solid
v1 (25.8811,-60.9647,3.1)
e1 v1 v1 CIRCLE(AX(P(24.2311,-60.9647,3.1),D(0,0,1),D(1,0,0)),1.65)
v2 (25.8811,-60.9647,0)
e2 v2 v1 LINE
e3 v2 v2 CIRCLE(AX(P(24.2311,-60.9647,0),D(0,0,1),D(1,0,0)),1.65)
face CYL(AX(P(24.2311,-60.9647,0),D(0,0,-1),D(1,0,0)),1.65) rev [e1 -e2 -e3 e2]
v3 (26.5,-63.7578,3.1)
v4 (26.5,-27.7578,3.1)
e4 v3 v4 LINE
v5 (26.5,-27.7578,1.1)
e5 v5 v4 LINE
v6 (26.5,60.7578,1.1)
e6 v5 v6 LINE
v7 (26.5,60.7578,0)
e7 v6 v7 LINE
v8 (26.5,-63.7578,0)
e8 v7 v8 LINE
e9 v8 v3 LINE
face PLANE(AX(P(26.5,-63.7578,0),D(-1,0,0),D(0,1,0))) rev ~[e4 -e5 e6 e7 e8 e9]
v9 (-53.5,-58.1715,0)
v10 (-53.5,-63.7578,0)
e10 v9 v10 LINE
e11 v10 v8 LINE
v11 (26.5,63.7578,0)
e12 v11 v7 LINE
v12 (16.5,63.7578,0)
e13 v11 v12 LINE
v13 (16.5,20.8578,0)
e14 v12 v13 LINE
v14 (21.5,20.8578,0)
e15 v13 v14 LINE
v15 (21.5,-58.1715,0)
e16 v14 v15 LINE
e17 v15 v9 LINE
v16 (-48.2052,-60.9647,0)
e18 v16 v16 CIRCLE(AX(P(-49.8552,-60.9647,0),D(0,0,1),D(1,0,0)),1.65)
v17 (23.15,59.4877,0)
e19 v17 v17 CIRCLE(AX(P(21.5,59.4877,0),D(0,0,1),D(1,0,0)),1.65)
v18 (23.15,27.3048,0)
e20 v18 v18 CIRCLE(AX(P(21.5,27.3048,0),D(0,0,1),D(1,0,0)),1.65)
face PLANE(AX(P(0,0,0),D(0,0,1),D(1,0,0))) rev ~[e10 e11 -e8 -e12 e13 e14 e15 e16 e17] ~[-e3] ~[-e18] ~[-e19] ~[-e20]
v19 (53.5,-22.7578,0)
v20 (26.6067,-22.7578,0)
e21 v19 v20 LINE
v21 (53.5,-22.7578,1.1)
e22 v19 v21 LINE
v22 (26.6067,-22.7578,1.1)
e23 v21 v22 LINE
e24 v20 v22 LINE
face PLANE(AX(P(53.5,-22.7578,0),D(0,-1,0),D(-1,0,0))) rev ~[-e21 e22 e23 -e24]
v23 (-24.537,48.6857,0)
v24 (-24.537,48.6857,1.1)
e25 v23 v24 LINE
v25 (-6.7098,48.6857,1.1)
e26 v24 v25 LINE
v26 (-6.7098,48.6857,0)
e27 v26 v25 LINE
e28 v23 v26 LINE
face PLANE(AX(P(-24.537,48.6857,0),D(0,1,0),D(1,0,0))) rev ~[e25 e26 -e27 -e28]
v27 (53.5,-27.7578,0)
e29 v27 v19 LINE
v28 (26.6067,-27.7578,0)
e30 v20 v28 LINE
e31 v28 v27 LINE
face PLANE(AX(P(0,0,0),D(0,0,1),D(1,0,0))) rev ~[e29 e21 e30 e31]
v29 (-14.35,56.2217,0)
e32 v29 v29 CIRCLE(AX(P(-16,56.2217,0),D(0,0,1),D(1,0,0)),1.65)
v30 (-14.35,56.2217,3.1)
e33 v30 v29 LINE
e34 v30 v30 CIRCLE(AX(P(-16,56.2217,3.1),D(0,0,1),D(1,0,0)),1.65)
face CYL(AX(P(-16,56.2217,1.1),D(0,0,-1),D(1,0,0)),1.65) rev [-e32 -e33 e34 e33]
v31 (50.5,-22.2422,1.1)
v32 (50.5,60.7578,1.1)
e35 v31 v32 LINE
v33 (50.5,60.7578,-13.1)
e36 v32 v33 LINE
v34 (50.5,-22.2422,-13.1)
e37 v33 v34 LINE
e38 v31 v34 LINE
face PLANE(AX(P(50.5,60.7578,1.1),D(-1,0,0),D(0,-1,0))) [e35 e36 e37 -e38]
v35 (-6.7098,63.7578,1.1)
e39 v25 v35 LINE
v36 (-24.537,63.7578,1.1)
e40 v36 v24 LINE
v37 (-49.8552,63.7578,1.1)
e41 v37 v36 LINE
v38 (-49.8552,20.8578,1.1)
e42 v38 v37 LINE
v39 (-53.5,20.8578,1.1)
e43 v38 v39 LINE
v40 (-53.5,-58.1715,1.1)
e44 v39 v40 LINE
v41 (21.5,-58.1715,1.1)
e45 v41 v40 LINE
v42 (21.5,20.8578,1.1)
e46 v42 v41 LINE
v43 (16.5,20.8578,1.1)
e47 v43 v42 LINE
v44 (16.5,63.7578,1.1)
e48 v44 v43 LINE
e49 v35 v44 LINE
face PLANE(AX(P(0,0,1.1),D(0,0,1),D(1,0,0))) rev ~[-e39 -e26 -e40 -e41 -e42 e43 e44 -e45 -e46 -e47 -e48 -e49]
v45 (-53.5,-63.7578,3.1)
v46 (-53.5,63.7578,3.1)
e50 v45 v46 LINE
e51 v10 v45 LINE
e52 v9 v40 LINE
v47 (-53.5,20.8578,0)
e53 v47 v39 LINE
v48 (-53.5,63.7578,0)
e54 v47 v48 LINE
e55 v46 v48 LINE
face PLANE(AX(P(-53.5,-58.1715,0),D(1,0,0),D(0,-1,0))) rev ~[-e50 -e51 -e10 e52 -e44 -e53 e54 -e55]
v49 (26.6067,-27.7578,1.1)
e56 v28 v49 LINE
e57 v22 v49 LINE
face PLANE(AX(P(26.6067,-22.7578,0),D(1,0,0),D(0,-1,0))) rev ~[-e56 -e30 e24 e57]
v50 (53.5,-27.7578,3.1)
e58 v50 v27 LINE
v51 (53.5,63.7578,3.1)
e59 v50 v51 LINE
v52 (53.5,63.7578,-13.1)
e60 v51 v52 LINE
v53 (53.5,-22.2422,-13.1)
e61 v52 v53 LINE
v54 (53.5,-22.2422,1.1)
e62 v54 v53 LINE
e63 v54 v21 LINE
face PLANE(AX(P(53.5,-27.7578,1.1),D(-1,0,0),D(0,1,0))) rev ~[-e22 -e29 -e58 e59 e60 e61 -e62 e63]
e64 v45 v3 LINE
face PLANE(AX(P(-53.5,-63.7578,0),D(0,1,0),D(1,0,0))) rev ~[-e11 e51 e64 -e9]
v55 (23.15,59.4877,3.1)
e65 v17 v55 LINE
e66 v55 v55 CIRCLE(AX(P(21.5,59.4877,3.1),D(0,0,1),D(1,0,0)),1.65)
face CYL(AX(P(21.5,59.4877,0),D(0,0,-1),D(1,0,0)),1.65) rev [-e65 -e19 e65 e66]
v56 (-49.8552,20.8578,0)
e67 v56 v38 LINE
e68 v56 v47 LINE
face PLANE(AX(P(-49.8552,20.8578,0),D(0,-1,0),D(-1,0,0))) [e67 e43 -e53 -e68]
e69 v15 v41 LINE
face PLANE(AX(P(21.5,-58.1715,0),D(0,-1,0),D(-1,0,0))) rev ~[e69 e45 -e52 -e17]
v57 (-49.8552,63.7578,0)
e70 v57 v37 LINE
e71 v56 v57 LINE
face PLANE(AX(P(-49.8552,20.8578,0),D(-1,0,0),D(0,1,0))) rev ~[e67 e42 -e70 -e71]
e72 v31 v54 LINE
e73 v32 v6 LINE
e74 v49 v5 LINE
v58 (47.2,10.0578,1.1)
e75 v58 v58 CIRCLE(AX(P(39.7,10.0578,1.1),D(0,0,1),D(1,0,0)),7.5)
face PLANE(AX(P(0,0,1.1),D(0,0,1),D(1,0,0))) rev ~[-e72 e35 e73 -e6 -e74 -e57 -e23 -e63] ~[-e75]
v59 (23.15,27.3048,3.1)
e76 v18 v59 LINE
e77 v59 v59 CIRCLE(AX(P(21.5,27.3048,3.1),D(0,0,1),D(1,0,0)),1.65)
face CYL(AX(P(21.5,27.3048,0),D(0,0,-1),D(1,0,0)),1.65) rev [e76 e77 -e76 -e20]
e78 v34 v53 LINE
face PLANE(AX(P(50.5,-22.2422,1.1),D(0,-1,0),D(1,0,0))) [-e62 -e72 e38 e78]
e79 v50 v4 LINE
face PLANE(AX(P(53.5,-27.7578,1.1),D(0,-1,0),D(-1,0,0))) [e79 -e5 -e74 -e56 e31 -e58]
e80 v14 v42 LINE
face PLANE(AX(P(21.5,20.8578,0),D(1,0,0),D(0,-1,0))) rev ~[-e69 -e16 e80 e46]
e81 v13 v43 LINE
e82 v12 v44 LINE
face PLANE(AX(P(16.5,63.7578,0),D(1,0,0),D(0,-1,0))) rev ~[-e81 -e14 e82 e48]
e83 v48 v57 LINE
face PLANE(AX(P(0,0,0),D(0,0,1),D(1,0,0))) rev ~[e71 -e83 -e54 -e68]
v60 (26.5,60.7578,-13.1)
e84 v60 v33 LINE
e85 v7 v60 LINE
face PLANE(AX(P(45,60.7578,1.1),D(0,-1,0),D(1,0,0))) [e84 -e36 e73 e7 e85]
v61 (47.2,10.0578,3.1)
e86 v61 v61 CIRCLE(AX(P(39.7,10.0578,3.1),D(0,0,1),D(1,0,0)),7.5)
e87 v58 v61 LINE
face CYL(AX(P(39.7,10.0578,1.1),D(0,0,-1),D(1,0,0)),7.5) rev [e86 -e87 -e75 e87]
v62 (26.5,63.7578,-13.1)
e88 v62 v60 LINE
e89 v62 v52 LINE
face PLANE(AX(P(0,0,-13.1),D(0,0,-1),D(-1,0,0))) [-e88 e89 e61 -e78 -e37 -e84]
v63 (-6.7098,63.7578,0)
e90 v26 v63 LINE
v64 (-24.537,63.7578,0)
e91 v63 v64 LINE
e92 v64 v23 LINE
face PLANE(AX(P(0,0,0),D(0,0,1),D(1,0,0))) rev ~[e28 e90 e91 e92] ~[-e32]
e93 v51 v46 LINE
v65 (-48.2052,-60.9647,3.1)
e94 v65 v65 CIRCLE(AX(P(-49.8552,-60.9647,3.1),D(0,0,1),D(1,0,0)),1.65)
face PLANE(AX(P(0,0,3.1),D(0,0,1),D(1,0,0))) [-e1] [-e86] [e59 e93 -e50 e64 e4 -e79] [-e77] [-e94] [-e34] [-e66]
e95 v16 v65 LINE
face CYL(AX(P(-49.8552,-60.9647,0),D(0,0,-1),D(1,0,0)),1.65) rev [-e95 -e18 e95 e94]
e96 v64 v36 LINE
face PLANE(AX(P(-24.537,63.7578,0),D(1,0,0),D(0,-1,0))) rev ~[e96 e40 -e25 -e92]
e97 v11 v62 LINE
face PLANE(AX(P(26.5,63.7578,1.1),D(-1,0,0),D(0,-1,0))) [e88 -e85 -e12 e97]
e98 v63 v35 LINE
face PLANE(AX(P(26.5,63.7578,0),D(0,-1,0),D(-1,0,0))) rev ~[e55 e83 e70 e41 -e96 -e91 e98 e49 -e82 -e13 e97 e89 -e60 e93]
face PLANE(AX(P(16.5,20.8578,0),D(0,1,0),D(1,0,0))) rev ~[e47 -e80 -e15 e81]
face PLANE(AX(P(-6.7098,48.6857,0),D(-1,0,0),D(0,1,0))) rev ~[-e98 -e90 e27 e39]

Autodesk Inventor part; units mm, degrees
ref_plane "YZ Plane" through (0, 0, 0) normal (1, 0, 0) x (0, 1, 0)
ref_plane "XZ Plane" through (0, 0, 0) normal (0, 1, 0) x (-1, 0, 0)
ref_plane "Work Plane1" through (0, 0, 0) normal (0, 0, 1) x (1, 0, 0)
sketch "Sketch1" plane through (0, 0, 0) normal (0, 0, 1) x (1, 0, 0)
  circle A0 centre (-49.8552, -60.9647) radius 1.65 construction
  circle A1 centre (24.2311, -60.9647) radius 1.65 construction
  arc A2 (22.7622, -32.9022) -> (21.5, -36.5843) centre (37.7579, -40.1) ccw construction
  line L0 (22.7622, -32.9022) -> (25.7, -32.9022) construction
  line L1 (25.7, -32.9022) -> (25.7, -35.65) construction
  arc A3 (25.7, -44.55) -> (25.7, -35.65) centre (2.4892, -40.1) ccw construction
  line L2 (25.7, -44.55) -> (25.7, -47.2978) construction
  line L3 (25.7, -47.2978) -> (22.7622, -47.2978) construction
  arc A4 (21.5, -43.6157) -> (22.7622, -47.2978) centre (37.7579, -40.1) ccw construction
  line L4 (21.5, -58.1715) -> (21.5, -43.6157) construction
  line L5 (-53.5, -58.1715) -> (21.5, -58.1715) construction
  line L6 (-53.5, -63.7578) -> (-53.5, -58.1715) construction
  line L7 (26.5, -63.7578) -> (-53.5, -63.7578) construction
  line L8 (26.5, -27.7578) -> (26.5, -63.7578) construction
  line L9 (53.5, -27.7578) -> (26.5, -27.7578) construction
  line L10 (53.5, -22.7578) -> (53.5, -27.7578) construction
  line L11 (21.5, -22.7578) -> (53.5, -22.7578) construction
  line L12 (21.5, -36.5843) -> (21.5, -22.7578) construction
  line L13 (21.5, -39.9422) -> (21.5, 19.8578) construction
  line L14 (26.5, 63.7578) -> (26.5, 13.7578) construction
  line L15 (16.5, 20.8578) -> (16.5, 63.7578) construction
  line L16 (-6.7098, 63.7578) -> (-6.7098, 48.6857) construction
  line L17 (-24.537, 20.8578) -> (-24.537, 63.7578) construction
  line L18 (-49.8552, 63.7578) -> (-49.8552, 20.8578) construction
  line L19 (-53.5, 63.7578) -> (-53.5, -63.7578) construction
  line L20 (-53.5, -63.7578) -> (26.5, -63.7578)
  line L21 (26.5, -63.7578) -> (26.5, -58.1715)
  line L22 (26.5, -58.1715) -> (-53.5, -58.1715)
  line L23 (-53.5, -58.1715) -> (-53.5, -63.7578)
  line L24 (21.5, -58.1715) -> (26.5, -58.1715)
  line L25 (26.5, -58.1715) -> (26.5, 20.8578)
  line L26 (26.5, 20.8578) -> (21.5, 20.8578)
  line L27 (21.5, 20.8578) -> (21.5, -58.1715)
  line L28 (16.5, 20.8578) -> (26.5, 20.8578)
  line L29 (26.5, 20.8578) -> (26.5, 63.7578)
  line L30 (26.5, 63.7578) -> (16.5, 63.7578)
  line L31 (16.5, 63.7578) -> (16.5, 20.8578)
  line L32 (-49.8552, 63.7578) -> (-24.537, 63.7578)
  line L33 (-24.537, 63.7578) -> (-24.537, 20.8578)
  line L34 (-24.537, 20.8578) -> (-49.8552, 20.8578)
  line L35 (-49.8552, 20.8578) -> (-49.8552, 63.7578)
  line L36 (26.6067, -27.7578) -> (53.5, -27.7578)
  line L37 (53.5, -27.7578) -> (53.5, -22.7578)
  line L38 (53.5, -22.7578) -> (26.6067, -22.7578)
  line L39 (26.6067, -22.7578) -> (26.6067, -27.7578)
  line L40 (-6.7098, 63.7578) -> (-24.537, 63.7578)
  line L41 (-24.537, 63.7578) -> (-24.537, 48.6857)
  line L42 (-24.537, 48.6857) -> (-6.7098, 48.6857)
  line L43 (-6.7098, 48.6857) -> (-6.7098, 63.7578)
  circle A5 centre (21.5, 59.4877) radius 1.65 projected
  circle A6 centre (24.2311, -60.9647) radius 1.65 projected
  circle A7 centre (-49.8552, -60.9647) radius 1.65 projected
  circle A8 centre (-16, 56.2217) radius 1.65 projected
  line L44 (-53.5, 63.7578) -> (-49.8552, 63.7578)
  line L45 (-49.8552, 63.7578) -> (-49.8552, 20.8578)
  line L46 (-49.8552, 20.8578) -> (-53.5, 20.8578)
  line L47 (-53.5, 20.8578) -> (-53.5, 63.7578)
  circle A9 centre (21.5, 27.3048) radius 1.65 projected
  point P0 (0, 0)
extrude "Extrusion1" add sketch "Sketch1" along normal blind 1.1 contours L23 L22 L21 L20 | L22 L27 L26 L25 | L26 L28 L31 L30 L29 | L35 L46 L47 L44 | L40 L43 L42 L33 | L39 L38 L37 L36
sketch "Sketch2" plane through (0, 0, 1.1) normal (0, 0, 1) x (1, 0, 0)
  circle A0 centre (-49.8552, -60.9647) radius 1.65 projected
  circle A1 centre (24.2311, -60.9647) radius 1.65 projected
  circle A2 centre (21.5, 59.4877) radius 1.65 projected
  line L0 (26.5, -63.7578) -> (26.5, 63.7578) projected
  line L1 (26.5, 63.7578) -> (16.5, 63.7578) projected
  line L2 (16.5, 63.7578) -> (16.5, 20.8578) projected
  line L3 (16.5, 20.8578) -> (21.5, 20.8578) projected
  line L4 (21.5, 20.8578) -> (21.5, -58.1715) projected
  line L5 (21.5, -58.1715) -> (-53.5, -58.1715) projected
  line L6 (-53.5, -58.1715) -> (-53.5, -63.7578) projected
  line L7 (-53.5, -63.7578) -> (26.5, -63.7578) projected
  line L8 (-49.8552, 63.7578) -> (-49.8552, 20.8578) projected
  line L9 (-6.7098, 63.7578) -> (-49.8552, 63.7578) projected
  line L10 (21.5, 20.8578) -> (16.5, 20.8578) projected
  line L11 (-49.8552, 63.7578) -> (16.5, 63.7578)
  line L12 (16.5, 63.7578) -> (16.5, 20.8578)
  line L13 (16.5, 20.8578) -> (-49.8552, 20.8578)
  line L14 (-49.8552, 20.8578) -> (-49.8552, 63.7578)
  line L15 (21.5, -58.1715) -> (-53.5, -58.1715) projected
  line L16 (-49.8552, 20.8578) -> (21.5, 20.8578)
  line L17 (21.5, 20.8578) -> (21.5, -58.1715)
  line L18 (21.5, -58.1715) -> (-49.8552, -58.1715)
  line L19 (-49.8552, -58.1715) -> (-49.8552, 20.8578)
  line L20 (-53.5, -58.1715) -> (-49.8552, -58.1715)
  line L21 (-49.8552, -58.1715) -> (-49.8552, 63.7578)
  line L22 (-49.8552, 63.7578) -> (-53.5, 63.7578)
  line L23 (-53.5, 63.7578) -> (-53.5, -58.1715)
  line L24 (53.5, -27.7578) -> (53.5, -22.7578) projected
  line L25 (26.5, 63.7578) -> (53.5, 63.7578)
  line L26 (53.5, 63.7578) -> (53.5, -27.7578)
  line L27 (53.5, -27.7578) -> (26.5, -27.7578)
  line L28 (26.5, -27.7578) -> (26.5, 63.7578)
  circle A3 centre (21.5, 59.4877) radius 1.65 projected
  circle A4 centre (-16, 56.2217) radius 1.65 projected
  line L29 (16.5, 63.7578) -> (16.5, 20.8578) projected
  line L30 (16.5, 63.7578) -> (26.5, 63.7578)
  circle A5 centre (24.2311, -60.9647) radius 1.65 projected
  line L31 (16.5, 20.8578) -> (-49.8552, 20.8578)
  line L32 (-49.8552, 20.8578) -> (-49.8552, 63.7578)
  line L33 (-49.8552, 63.7578) -> (16.5, 63.7578)
  line L34 (16.5, 63.7578) -> (16.5, 20.8578)
  ellipse E0 centre (39.7, 10.0578) end of major axis (44.7, 10.0578) minor radius 3.5355 projected
  circle A6 centre (39.7, 10.0578) radius 7.5
  circle A7 centre (21.5, 27.3048) radius 1.65 projected
  point P0 (0, 0)
  dimension "d4" = 15
extrude "Extrusion2" add sketch "Sketch2" along normal blind 2 contours L7 L6 L5 L4 L3 L2 L1 L0 | L0 L25 L26 L24 L27 | L23 L22 L8 L19 L5 | L2 L13 L8 L9 L11 | L19 L13 L3 L4 L5
ref_plane "Work Plane2" through (26.5, 18.8696, -13.1) normal (0, 0, 1) x (1, 0, 0)
sketch "Sketch3" plane through (0, 0, 1.1) normal (0, 0, -1) x (-1, 0, 0)
  circle A0 centre (16, 56.2217) radius 1.65 projected
  circle A1 centre (-39.7, 10.0578) radius 7.5 projected
  circle A2 centre (-21.5, 59.4877) radius 1.65 projected
  circle A3 centre (-24.2311, -60.9647) radius 1.65 projected
  circle A4 centre (49.8552, -60.9647) radius 1.65 projected
  line L0 (-53.5, 63.7578) -> (53.5, 63.7578) projected
  line L1 (53.5, 63.7578) -> (53.5, -63.7578) projected
  line L2 (53.5, -63.7578) -> (-26.5, -63.7578) projected
  line L3 (-26.5, -63.7578) -> (-26.5, -27.7578) projected
  line L4 (-26.5, -27.7578) -> (-53.5, -27.7578) projected
  line L5 (-53.5, -27.7578) -> (-53.5, 63.7578) projected
  line L6 (-26.5, 18.8696) -> (-45, 18.8696) projected
  line L7 (-45, 18.8696) -> (-45, 63.7578) projected
  line L8 (-45, 63.7578) -> (-26.5, 63.7578) projected
  line L9 (-26.5, 63.7578) -> (-26.5, 18.8696) projected
  line L10 (-70.915, -41.1304) -> (-130.915, -41.1304) projected
  line L11 (-130.915, -41.1304) -> (-130.915, 18.8696) projected
  line L12 (-130.915, 18.8696) -> (-45, 18.8696) projected
  line L13 (-45, 18.8696) -> (-45, 5.872) projected
  line L14 (-45, 5.872) -> (-26.5, 5.872) projected
  line L15 (-26.5, 5.872) -> (-26.5, 13.7578) projected
  line L16 (-26.5, 13.7578) -> (-21.5, 13.7578) projected
  line L17 (-21.5, 13.7578) -> (-21.5, 19.8578) projected
  line L18 (-21.5, 19.8578) -> (53.5, 19.8578) projected
  line L19 (53.5, 19.8578) -> (53.5, -58.1715) projected
  line L20 (53.5, -58.1715) -> (-21.5, -58.1715) projected
  line L21 (-21.5, -58.1715) -> (-21.5, -39.9578) projected
  line L22 (-21.5, -39.9578) -> (-21.5, -22.7578) projected
  line L23 (-21.5, -22.7578) -> (-28.8534, -22.7578) projected
  line L24 (-28.8534, -22.7578) -> (-28.8534, -2.7892) projected
  line L25 (-28.8534, -2.7892) -> (-50.0866, -2.7892) projected
  line L26 (-50.0866, -2.7892) -> (-50.0866, -22.7578) projected
  line L27 (-50.0866, -22.7578) -> (-53.5, -22.7578) projected
  line L28 (-53.5, -22.7578) -> (-53.5, -27.7578) projected
  line L29 (-53.5, -27.7578) -> (-70.915, -27.7578) projected
  line L30 (-70.915, -27.7578) -> (-70.915, -41.1304) projected
  circle A5 centre (-125.915, -11.1304) radius 2.95 projected
  circle A6 centre (-125.915, -36.1304) radius 2.95 projected
  circle A7 centre (-100.915, -36.1304) radius 2.95 projected
  circle A8 centre (-75.915, -36.1304) radius 2.95 projected
  circle A9 centre (-75.915, -11.1304) radius 2.95 projected
  circle A10 centre (-75.915, 13.8696) radius 2.95 projected
  circle A11 centre (-100.915, 13.8696) radius 2.95 projected
  circle A12 centre (-125.915, 13.8696) radius 2.95 projected
  line L31 (-53.5, 63.7578) -> (53.5, 63.7578) projected
  line L32 (-53.5, 63.7578) -> (-50.5, 63.7578)
  line L33 (-50.5, 63.7578) -> (-50.5, -22.2422)
  line L34 (-50.5, -22.2422) -> (-53.5, -22.2422)
  line L35 (-53.5, -22.2422) -> (-53.5, 63.7578)
  line L36 (-50.5, 63.7578) -> (-26.5, 63.7578)
  line L37 (-26.5, 63.7578) -> (-26.5, 60.7578)
  line L38 (-26.5, 60.7578) -> (-50.5, 60.7578)
  line L39 (-50.5, 60.7578) -> (-50.5, 63.7578)
  line L40 (-16.5, 63.7578) -> (-26.5, 63.7578) projected
  line L41 (-50.5, 60.7578) -> (-26.5, 60.7578)
  line L42 (-26.5, 60.7578) -> (-26.5, 63.7578)
  line L43 (-26.5, 63.7578) -> (-50.5, 63.7578)
  line L44 (-50.5, 63.7578) -> (-50.5, 60.7578)
  point P0 (0, 0)
  dimension "d5" = 3
  dimension "d6" = 86
  dimension "d7" = 3
extrude "Extrusion3" add sketch "Sketch3" along normal up to surface (14.2 mm away) contours L38 L33 L0 L7 | L7 L0 L9 L38 | L33 L34 L5 L12 | L12 L5 L0 L33
properties part number "10_MiniSPIM_Lid"
